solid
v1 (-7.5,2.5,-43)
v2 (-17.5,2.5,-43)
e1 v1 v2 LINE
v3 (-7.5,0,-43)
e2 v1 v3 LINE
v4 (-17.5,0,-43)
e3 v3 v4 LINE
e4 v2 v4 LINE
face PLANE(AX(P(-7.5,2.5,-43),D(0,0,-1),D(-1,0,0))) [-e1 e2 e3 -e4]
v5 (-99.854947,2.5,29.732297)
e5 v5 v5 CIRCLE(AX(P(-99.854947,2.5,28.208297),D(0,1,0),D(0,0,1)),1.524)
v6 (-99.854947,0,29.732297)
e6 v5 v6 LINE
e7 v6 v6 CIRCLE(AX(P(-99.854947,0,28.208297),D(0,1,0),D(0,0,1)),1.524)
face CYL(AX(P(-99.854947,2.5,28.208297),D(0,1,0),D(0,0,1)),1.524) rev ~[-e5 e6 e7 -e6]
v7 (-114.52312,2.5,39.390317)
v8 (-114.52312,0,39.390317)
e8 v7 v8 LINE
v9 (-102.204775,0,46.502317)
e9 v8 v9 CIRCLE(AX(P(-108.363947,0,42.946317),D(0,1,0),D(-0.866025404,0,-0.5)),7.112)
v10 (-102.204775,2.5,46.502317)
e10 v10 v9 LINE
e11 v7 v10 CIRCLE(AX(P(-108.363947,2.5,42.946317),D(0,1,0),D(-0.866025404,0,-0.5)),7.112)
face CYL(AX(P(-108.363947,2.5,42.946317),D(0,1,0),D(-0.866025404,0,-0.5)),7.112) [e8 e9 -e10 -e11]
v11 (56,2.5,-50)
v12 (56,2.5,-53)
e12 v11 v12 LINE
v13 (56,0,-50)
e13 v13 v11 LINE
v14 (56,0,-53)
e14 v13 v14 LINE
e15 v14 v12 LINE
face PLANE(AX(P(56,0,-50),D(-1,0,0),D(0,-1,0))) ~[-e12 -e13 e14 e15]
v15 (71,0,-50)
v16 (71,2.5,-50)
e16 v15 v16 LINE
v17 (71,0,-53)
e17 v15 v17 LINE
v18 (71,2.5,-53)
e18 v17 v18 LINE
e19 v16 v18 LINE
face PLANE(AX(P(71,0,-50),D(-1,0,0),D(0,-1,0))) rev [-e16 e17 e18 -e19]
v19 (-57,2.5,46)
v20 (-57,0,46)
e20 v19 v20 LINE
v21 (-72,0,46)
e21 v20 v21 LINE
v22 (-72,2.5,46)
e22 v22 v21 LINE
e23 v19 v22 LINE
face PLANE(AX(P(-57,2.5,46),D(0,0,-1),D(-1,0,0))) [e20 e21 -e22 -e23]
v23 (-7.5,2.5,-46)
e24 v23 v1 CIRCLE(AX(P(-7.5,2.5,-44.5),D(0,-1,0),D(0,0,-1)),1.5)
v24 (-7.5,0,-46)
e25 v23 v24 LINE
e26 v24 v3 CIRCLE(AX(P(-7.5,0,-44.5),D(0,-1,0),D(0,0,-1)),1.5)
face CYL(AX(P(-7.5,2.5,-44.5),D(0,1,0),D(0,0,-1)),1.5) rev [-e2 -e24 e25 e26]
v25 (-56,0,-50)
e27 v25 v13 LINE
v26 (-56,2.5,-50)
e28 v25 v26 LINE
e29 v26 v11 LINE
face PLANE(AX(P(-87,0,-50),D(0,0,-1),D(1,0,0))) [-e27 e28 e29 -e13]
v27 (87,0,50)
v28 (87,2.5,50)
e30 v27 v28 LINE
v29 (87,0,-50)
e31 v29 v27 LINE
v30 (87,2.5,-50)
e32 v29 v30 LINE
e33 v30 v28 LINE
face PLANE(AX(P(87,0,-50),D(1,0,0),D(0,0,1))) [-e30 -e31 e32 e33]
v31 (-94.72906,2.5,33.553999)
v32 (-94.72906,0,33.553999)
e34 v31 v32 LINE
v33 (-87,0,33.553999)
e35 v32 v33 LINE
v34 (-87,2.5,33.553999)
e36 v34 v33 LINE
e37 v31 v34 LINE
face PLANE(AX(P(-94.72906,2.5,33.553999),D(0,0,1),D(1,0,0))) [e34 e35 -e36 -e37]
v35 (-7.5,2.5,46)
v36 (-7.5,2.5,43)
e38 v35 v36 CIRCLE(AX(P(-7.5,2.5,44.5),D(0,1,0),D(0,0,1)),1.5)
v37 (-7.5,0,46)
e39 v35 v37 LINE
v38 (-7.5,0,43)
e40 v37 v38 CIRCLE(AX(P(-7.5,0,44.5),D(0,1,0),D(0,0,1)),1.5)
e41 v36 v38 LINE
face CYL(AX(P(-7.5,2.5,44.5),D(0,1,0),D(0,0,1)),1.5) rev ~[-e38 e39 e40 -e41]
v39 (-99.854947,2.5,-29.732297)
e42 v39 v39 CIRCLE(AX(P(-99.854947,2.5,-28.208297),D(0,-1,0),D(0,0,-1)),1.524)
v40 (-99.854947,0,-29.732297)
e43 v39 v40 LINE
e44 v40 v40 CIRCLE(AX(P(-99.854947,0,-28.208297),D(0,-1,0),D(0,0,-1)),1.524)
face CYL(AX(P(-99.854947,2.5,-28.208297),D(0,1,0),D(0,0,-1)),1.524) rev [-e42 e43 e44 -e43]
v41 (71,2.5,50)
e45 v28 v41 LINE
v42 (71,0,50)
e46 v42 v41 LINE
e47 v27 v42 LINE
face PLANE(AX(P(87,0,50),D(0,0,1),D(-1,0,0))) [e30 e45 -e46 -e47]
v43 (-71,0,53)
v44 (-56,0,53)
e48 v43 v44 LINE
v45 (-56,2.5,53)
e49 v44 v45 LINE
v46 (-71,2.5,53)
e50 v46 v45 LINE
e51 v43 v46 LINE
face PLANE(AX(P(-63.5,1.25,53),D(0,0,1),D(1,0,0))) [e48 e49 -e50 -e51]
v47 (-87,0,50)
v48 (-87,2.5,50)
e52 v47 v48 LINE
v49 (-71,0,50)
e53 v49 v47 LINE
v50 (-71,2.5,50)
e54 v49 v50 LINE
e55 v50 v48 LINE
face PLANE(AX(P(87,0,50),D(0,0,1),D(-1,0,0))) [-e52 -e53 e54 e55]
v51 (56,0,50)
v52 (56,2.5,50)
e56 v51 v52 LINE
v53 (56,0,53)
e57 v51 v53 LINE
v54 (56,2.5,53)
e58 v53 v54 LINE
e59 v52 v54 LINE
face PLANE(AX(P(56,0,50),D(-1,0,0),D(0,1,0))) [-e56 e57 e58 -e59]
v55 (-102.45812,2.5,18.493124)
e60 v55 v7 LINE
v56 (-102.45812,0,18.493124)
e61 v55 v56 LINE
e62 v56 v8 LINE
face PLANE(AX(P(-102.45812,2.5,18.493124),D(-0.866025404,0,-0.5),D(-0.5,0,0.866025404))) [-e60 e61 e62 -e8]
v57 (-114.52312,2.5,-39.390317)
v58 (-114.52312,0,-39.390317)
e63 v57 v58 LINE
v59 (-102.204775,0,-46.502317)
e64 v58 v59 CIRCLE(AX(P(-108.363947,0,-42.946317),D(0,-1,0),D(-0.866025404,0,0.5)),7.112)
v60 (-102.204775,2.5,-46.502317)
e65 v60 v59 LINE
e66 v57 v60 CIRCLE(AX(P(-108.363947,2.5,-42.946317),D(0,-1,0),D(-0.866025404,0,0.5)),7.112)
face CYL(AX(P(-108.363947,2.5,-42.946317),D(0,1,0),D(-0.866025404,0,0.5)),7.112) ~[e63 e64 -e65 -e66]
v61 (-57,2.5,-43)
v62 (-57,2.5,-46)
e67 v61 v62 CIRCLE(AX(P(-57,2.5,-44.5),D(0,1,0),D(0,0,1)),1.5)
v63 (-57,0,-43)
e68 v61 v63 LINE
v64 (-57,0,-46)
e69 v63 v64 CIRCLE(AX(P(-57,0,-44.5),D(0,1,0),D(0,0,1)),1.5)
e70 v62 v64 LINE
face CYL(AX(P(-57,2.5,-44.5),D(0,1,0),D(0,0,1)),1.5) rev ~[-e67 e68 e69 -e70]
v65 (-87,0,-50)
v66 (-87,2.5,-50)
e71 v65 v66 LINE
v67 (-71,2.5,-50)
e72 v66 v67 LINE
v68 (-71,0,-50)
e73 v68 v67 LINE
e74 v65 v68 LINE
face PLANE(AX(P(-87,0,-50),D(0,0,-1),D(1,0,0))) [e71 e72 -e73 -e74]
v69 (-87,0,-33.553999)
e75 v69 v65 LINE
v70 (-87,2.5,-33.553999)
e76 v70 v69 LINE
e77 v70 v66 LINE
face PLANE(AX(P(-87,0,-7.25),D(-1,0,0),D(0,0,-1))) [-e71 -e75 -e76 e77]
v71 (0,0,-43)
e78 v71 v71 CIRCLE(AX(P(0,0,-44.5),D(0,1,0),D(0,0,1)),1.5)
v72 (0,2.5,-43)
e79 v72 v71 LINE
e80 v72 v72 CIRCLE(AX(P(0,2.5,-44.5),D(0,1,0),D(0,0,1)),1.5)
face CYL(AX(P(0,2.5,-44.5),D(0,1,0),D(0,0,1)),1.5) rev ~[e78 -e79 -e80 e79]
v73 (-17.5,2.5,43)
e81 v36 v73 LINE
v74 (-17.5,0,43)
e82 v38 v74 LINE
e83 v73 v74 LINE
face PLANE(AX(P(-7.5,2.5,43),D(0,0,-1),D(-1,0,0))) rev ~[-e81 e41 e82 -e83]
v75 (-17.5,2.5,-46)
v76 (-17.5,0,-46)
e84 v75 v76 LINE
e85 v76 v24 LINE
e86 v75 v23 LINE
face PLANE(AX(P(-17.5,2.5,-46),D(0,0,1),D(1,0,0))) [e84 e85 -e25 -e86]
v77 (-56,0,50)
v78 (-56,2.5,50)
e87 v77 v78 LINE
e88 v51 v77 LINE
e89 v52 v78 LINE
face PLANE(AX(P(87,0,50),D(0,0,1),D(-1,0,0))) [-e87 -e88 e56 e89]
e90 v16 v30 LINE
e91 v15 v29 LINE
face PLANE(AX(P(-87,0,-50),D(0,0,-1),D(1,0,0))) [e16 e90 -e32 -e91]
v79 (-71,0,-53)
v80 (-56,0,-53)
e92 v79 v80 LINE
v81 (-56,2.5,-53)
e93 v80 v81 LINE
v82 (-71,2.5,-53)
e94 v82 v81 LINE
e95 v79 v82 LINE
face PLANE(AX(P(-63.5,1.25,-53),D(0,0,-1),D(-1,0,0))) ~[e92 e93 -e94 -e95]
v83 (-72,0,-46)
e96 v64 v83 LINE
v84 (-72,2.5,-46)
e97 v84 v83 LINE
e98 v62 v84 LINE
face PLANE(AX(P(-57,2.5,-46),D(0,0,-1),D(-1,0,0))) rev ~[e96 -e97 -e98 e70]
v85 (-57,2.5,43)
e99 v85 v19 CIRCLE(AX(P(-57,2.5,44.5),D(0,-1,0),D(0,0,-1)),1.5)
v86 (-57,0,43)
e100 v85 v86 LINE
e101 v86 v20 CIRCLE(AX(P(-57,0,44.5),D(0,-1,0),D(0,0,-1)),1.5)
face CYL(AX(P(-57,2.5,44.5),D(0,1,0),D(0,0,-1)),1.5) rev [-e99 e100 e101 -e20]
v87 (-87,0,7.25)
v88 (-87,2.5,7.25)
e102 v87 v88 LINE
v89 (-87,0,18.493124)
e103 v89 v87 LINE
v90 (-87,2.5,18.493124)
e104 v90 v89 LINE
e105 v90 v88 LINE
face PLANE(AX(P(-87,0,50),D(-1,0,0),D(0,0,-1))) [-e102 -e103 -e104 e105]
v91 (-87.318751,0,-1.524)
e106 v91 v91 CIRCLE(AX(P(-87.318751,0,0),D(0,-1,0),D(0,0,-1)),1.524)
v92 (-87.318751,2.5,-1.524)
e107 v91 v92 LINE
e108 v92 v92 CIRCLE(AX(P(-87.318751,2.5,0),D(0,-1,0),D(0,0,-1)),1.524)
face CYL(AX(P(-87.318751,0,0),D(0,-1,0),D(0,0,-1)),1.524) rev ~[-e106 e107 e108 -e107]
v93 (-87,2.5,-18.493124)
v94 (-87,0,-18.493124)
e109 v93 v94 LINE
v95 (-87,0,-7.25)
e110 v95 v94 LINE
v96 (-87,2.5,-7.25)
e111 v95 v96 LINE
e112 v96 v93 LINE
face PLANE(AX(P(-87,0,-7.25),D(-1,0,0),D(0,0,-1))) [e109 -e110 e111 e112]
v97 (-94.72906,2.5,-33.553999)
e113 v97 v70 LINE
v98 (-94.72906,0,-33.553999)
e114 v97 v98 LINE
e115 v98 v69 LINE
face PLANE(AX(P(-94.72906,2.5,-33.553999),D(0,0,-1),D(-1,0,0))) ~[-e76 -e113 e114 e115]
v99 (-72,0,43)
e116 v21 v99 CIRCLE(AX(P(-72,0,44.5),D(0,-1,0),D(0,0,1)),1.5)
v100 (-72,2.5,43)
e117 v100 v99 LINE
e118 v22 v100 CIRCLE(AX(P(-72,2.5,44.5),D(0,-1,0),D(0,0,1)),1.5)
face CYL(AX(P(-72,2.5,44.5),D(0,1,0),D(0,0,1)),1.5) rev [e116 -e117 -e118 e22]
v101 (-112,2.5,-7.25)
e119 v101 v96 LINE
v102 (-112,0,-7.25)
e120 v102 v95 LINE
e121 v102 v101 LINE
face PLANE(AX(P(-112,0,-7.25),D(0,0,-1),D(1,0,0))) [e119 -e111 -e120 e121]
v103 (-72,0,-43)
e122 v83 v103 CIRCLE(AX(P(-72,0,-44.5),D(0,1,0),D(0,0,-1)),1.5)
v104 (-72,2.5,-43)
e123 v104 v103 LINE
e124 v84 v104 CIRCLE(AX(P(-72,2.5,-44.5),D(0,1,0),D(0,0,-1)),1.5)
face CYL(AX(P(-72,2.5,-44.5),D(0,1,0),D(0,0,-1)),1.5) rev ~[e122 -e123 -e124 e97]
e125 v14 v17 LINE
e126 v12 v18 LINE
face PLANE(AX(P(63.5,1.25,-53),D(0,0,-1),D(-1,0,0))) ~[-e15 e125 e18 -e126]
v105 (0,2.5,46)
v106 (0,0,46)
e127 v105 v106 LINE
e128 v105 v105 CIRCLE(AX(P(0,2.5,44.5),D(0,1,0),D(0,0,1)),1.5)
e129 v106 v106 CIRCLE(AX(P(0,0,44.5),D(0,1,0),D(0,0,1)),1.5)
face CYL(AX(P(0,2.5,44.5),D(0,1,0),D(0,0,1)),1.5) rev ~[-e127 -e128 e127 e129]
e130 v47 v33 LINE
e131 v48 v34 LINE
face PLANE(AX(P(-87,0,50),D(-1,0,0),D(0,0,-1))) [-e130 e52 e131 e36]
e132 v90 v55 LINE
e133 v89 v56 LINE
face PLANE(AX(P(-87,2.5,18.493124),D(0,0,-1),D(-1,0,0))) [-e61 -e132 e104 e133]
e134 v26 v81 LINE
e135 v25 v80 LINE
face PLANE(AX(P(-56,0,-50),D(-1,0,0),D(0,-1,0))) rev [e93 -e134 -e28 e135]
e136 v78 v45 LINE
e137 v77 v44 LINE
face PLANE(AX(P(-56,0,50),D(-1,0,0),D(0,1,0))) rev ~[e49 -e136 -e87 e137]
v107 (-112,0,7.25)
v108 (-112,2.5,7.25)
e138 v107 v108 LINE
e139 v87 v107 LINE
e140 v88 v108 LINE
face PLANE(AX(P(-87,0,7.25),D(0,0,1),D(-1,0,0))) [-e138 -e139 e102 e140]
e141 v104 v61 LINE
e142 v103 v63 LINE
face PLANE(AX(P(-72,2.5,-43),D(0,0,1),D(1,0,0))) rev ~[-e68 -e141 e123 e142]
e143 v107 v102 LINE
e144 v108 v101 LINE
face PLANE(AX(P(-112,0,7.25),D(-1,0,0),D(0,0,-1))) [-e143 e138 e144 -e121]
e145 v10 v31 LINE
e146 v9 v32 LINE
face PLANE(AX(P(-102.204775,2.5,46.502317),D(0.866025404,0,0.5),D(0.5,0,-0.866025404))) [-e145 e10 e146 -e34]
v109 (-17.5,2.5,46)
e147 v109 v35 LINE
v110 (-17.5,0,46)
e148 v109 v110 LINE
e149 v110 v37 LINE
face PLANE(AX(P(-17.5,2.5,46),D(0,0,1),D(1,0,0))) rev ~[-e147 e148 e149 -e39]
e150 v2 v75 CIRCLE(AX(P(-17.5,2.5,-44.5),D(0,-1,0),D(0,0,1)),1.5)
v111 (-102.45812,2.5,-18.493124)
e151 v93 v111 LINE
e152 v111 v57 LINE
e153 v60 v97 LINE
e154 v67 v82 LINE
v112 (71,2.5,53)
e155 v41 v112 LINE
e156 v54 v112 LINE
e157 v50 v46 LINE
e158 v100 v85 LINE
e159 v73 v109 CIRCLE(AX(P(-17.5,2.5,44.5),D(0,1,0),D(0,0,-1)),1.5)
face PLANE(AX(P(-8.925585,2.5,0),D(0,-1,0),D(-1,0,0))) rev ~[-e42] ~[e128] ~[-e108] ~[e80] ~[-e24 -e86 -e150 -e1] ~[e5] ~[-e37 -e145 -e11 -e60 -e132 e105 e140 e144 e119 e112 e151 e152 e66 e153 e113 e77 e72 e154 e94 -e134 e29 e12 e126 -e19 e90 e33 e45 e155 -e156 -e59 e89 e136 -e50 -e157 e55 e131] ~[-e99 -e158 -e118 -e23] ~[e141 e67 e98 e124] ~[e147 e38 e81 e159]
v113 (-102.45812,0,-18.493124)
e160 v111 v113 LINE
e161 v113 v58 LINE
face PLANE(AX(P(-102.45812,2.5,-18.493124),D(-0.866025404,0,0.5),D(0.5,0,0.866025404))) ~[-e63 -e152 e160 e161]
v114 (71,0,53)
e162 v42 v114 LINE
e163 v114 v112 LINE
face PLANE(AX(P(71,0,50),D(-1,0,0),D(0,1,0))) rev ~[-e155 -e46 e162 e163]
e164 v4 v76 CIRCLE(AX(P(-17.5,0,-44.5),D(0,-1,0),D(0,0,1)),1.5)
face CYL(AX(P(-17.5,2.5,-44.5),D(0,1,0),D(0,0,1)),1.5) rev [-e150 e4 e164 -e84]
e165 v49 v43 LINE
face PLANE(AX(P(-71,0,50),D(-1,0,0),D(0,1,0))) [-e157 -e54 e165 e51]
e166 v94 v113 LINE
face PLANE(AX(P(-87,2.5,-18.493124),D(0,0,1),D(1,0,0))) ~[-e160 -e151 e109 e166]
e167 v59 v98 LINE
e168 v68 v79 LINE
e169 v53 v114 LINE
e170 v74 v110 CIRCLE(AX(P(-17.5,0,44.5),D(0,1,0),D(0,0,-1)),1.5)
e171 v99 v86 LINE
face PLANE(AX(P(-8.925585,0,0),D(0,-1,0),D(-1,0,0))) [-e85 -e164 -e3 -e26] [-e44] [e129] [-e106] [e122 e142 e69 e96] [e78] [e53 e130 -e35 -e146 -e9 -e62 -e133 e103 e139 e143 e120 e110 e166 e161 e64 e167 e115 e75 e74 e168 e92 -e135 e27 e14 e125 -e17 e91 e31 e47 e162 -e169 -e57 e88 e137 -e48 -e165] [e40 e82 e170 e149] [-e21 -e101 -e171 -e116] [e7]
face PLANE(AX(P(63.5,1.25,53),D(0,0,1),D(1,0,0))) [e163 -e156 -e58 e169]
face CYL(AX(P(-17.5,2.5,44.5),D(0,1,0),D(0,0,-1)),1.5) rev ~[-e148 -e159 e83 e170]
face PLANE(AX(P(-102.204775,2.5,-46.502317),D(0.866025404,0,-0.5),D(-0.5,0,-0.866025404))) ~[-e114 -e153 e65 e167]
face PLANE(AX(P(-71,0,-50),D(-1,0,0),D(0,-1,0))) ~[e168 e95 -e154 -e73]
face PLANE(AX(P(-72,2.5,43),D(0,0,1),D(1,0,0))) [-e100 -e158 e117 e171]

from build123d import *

# Parameters (mm, degrees)
BOSS_EXTRUDE1_DEPTH = 2.5
SKETCH2_W           = 15
SKETCH2_H           = 2.5
BOSS_EXTRUDE2_DEPTH = 3
SKETCH5_R           = 1.524
BOSS_EXTRUDE4_DEPTH = 2.5
SKETCH6_R           = 1.524
CUT_EXTRUDE1_DEPTH  = 2.5
SKETCH7_R           = 1.5
CUT_EXTRUDE2_DEPTH  = 2.5


with BuildPart() as part:
    # Sketch1 → Boss-Extrude1 (new body)
    with BuildSketch(Plane(origin=(0, 0, 0), x_dir=(1, 0, 0), z_dir=(0, 1, 0))):
        Polygon((-87, -50), (-87, -7.25), (-112, -7.25), (-112, 7.25), (-87, 7.25), (-87, 50), (87, 50), (87, -50), align=None)
    extrude(amount=BOSS_EXTRUDE1_DEPTH)

    # Sketch2 → Boss-Extrude2 (add)
    with BuildSketch(Plane.XY.offset(50)):
        with Locations((-63.5, 1.25)):
            Rectangle(SKETCH2_W, SKETCH2_H)
        with Locations((63.5, 1.25)):
            Rectangle(SKETCH2_W, SKETCH2_H)
    boss_extrude2 = extrude(amount=BOSS_EXTRUDE2_DEPTH)

    # Mirror1: Boss-Extrude2 across plane
    add(boss_extrude2.mirror(Plane.XY))

    # Sketch5 → Boss-Extrude4 (add)
    with BuildSketch(Plane(origin=(0, 2.5, 0), x_dir=(1, 0, 0), z_dir=(0, 1, 0))):
        with BuildLine():
            Line((-102.204774668, -46.50231683), (-94.729060006, -33.553999212))
            Line((-94.729060006, -33.553999212), (-87, -33.553999212))
            Line((-87, -33.553999212), (-87, -18.493123836))
            Line((-87, -18.493123836), (-102.458120011, -18.493123836))
            Line((-102.458120011, -18.493123836), (-114.523120011, -39.39031683))
            ThreePointArc((-114.523120011, -39.39031683), (-111.919947339, -49.105489501), (-102.204774668, -46.50231683))
        make_face()
        with Locations(Location((-99.854947339, -28.208296508, 0), (0, 0, 270))):
            Circle(SKETCH5_R, mode=Mode.SUBTRACT)
    boss_extrude4 = extrude(amount=-BOSS_EXTRUDE4_DEPTH)

    # Sketch6 → Cut-Extrude1 (cut)
    with BuildSketch(Plane.XZ):
        with Locations(Location((-87.318751132, 0, 0), (0, 0, 270))):
            Circle(SKETCH6_R)
    extrude(amount=-CUT_EXTRUDE1_DEPTH, mode=Mode.SUBTRACT)

    # Mirror2: Boss-Extrude4 across plane
    add(boss_extrude4.mirror(Plane.XY))

    # Sketch7 → Cut-Extrude2 (cut)
    with BuildSketch(Plane(origin=(0, 2.5, 0), x_dir=(1, 0, 0), z_dir=(0, 1, 0))):
        with BuildLine():
            ThreePointArc((-57, -43), (-55.5, -44.5), (-57, -46))
            Line((-57, -46), (-72, -46))
            ThreePointArc((-72, -46), (-73.5, -44.5), (-72, -43))
            Line((-72, -43), (-57, -43))
        make_face()
        with BuildLine():
            Line((-17.5, -46), (-7.5, -46))
            ThreePointArc((-7.5, -46), (-6, -44.5), (-7.5, -43))
            Line((-7.5, -43), (-17.5, -43))
            ThreePointArc((-17.5, -43), (-19, -44.5), (-17.5, -46))
        make_face()
        with BuildLine():
            Line((-72, 43), (-57, 43))
            ThreePointArc((-57, 43), (-55.5, 44.5), (-57, 46))
            Line((-57, 46), (-72, 46))
            ThreePointArc((-72, 46), (-73.5, 44.5), (-72, 43))
        make_face()
        with BuildLine():
            ThreePointArc((-7.5, 46), (-6, 44.5), (-7.5, 43))
            Line((-7.5, 43), (-17.5, 43))
            ThreePointArc((-17.5, 43), (-19, 44.5), (-17.5, 46))
            Line((-17.5, 46), (-7.5, 46))
        make_face()
        with Locations(Location((0, 44.5, 0), (0, 0, 270))):
            Circle(SKETCH7_R)
        with Locations(Location((0, -44.5, 0), (0, 0, 270))):
            Circle(SKETCH7_R)
    extrude(amount=-CUT_EXTRUDE2_DEPTH, mode=Mode.SUBTRACT)


solid = part.part
